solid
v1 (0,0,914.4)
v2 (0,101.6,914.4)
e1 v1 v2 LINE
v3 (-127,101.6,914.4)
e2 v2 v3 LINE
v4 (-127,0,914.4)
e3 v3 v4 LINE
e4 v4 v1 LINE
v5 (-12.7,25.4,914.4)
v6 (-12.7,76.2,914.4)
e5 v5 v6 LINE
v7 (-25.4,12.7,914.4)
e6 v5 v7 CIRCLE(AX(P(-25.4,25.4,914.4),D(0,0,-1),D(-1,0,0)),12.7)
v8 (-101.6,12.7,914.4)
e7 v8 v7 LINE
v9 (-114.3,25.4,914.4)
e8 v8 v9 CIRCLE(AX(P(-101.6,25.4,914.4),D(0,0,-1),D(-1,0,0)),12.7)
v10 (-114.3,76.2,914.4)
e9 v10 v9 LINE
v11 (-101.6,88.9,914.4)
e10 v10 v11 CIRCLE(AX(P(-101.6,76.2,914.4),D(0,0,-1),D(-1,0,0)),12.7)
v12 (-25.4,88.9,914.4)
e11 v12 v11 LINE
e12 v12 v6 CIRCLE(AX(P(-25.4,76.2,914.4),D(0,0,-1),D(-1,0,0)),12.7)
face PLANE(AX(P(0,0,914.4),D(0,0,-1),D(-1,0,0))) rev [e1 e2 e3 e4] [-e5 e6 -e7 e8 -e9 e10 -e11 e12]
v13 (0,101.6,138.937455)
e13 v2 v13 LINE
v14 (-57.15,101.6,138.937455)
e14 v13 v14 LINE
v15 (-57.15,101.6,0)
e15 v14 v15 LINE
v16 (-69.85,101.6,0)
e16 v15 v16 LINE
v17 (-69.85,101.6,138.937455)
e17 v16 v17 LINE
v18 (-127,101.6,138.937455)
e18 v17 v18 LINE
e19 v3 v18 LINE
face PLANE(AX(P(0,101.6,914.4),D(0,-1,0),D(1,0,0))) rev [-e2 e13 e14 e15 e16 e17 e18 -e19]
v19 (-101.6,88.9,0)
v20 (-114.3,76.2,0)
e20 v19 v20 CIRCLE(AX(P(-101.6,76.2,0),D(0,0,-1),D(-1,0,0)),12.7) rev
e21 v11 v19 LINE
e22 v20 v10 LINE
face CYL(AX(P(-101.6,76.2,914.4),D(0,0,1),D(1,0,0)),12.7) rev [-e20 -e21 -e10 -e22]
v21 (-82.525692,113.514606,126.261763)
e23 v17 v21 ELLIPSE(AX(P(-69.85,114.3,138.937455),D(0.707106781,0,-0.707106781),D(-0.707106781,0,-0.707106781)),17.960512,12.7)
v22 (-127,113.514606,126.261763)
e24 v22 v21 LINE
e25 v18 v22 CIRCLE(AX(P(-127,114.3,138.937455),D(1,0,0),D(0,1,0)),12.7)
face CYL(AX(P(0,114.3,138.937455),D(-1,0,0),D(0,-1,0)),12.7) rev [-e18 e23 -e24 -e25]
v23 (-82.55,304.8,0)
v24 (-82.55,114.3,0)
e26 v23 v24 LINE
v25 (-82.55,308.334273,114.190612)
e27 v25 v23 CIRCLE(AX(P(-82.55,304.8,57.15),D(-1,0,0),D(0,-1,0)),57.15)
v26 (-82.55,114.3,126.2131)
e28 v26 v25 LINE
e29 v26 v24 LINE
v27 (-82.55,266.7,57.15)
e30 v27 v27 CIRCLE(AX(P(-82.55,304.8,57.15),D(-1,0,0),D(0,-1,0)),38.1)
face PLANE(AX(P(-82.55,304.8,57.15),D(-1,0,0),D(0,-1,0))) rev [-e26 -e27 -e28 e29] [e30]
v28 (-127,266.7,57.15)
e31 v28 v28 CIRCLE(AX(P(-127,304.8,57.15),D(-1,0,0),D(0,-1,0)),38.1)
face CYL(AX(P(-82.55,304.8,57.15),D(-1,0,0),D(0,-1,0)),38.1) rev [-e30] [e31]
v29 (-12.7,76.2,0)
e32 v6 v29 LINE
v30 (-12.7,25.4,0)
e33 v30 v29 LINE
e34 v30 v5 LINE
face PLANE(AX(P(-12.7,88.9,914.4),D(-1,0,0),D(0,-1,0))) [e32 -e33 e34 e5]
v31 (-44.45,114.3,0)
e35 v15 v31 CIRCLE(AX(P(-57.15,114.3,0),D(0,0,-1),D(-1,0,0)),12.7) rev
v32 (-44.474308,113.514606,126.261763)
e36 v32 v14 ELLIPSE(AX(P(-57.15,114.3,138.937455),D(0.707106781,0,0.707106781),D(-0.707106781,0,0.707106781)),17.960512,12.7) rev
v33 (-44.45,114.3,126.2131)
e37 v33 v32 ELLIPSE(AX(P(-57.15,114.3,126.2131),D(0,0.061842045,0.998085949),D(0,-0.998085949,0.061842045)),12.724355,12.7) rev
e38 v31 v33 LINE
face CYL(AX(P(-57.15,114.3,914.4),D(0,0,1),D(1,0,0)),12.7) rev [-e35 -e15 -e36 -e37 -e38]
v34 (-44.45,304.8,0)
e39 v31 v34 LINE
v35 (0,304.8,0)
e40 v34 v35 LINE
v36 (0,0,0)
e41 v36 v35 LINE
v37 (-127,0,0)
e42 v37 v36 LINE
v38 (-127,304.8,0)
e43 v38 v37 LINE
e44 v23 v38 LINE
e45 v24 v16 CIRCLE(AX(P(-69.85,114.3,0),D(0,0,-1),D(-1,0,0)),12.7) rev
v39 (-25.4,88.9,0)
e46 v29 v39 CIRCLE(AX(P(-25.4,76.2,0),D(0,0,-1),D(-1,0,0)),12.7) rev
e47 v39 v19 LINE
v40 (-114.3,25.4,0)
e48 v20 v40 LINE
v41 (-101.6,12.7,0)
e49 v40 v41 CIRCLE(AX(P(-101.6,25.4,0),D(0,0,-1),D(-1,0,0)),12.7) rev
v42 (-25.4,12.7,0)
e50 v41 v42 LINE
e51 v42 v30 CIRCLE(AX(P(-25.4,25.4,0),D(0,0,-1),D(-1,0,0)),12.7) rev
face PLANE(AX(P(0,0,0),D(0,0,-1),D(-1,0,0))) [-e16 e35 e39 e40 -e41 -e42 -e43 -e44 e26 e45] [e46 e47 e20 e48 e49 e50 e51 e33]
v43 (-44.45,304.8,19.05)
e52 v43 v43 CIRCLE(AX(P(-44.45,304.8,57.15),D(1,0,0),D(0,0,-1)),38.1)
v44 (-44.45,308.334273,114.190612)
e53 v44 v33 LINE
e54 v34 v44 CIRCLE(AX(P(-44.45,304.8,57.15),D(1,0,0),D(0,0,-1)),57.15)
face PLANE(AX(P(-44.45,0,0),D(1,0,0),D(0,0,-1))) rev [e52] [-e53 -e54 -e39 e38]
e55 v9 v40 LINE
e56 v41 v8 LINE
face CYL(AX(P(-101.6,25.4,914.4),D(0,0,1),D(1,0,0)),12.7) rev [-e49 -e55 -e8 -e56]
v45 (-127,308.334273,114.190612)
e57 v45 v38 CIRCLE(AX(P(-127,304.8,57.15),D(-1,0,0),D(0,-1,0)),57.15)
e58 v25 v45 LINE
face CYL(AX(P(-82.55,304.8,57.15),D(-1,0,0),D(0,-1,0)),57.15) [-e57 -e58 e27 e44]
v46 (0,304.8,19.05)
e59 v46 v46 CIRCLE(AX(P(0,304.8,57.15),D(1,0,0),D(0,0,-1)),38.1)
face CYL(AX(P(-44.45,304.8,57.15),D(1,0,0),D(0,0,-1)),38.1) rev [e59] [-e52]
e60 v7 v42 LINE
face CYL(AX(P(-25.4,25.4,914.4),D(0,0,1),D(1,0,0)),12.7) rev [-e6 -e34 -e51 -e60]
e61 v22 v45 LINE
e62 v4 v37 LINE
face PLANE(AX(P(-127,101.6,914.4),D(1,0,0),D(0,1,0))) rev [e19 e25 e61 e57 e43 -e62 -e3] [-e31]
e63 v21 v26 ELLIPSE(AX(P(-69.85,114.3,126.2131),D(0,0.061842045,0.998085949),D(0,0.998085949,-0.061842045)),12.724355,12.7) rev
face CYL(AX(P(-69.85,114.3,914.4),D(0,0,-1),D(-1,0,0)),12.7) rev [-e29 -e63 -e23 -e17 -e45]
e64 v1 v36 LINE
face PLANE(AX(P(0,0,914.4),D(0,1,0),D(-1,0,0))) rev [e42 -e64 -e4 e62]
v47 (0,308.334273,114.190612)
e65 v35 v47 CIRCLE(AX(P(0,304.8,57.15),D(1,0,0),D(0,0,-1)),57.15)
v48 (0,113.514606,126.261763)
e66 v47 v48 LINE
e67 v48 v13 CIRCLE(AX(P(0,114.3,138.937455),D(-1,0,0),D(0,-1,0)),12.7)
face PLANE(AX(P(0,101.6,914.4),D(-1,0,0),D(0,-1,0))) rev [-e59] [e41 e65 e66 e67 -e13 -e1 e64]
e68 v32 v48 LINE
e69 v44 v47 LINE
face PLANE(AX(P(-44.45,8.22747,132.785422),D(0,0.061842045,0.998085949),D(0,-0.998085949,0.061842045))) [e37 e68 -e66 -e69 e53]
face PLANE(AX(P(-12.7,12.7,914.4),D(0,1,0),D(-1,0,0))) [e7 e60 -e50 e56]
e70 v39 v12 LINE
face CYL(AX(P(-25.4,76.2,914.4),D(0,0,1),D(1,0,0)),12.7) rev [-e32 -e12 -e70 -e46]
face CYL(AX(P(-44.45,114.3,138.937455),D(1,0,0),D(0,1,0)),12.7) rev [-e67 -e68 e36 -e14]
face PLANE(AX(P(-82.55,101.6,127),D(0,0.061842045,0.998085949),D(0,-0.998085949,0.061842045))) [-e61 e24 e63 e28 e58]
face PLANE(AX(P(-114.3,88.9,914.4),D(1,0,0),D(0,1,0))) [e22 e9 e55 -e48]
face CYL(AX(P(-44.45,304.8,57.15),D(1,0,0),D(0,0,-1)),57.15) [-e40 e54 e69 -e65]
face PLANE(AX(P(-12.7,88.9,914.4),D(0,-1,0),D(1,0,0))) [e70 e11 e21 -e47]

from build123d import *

# Parameters (mm, degrees)
SKETCH2_W           = 127
SKETCH2_H           = 101.6
SKETCH2_W_2         = 101.6
SKETCH2_H_2         = 76.2
BOSS_EXTRUDE2_DEPTH = 914.4
SKETCH1_R           = 38.1
BOSS_EXTRUDE3_DEPTH = 44.45
BOSS_EXTRUDE5_START = -44.45
SKETCH3_R           = 38.1
BOSS_EXTRUDE5_DEPTH = 44.45
FILLET1_R           = 12.7
FILLET2_R           = 12.7


with BuildPart() as part:
    # Sketch2 → Boss-Extrude2 (new body)
    with BuildSketch(Plane.XY):
        with Locations((-63.5, 50.8)):
            Rectangle(SKETCH2_W, SKETCH2_H)
        with Locations((-63.5, 50.8)):
            Rectangle(SKETCH2_W_2, SKETCH2_H_2, mode=Mode.SUBTRACT)
    extrude(amount=BOSS_EXTRUDE2_DEPTH)

    # Sketch1 → Boss-Extrude3 (add)
    with BuildSketch(Plane(origin=(0, 0, 0), x_dir=(0, 0, -1), z_dir=(1, 0, 0))):
        with BuildLine():
            Line((-127, 101.6), (0, 101.6))
            Line((0, 101.6), (0, 304.8))
            ThreePointArc((0, 304.8), (-55.382017361, 361.922646449), (-114.190611982, 308.334272869))
            Line((-114.190611982, 308.334272869), (-127, 101.6))
        make_face()
        with Locations((-57.15, 304.8)):
            Circle(SKETCH1_R, mode=Mode.SUBTRACT)
    extrude(amount=-BOSS_EXTRUDE3_DEPTH)

    # Sketch3 → Boss-Extrude5 (add)
    with BuildSketch(Plane.ZY.offset(127).offset(BOSS_EXTRUDE5_START)):
        with BuildLine():
            Line((0, 304.8), (0, 101.6))
            Line((0, 101.6), (127, 101.6))
            Line((127, 101.6), (114.190611982, 308.334272869))
            ThreePointArc((114.190611982, 308.334272869), (55.382017361, 361.922646449), (0, 304.8))
        make_face()
        with Locations(Location((57.15, 304.8, 0), (0, 0, 180))):
            Circle(SKETCH3_R, mode=Mode.SUBTRACT)
    extrude(amount=BOSS_EXTRUDE5_DEPTH)

    # Fillet1
    fillet1_edges = [part.edges().sort_by_distance(p)[0] for p in [
        (-12.7, 88.9, 457.2),
        (-114.3, 88.9, 457.2),
        (-114.3, 12.7, 457.2),
        (-12.7, 12.7, 457.2),
    ]]
    fillet(fillet1_edges, radius=FILLET1_R)

    # Fillet2
    fillet2_edges = [part.edges().sort_by_distance(p)[0] for p in [
        (-44.45, 101.6, 63.5),
        (-22.225, 101.6, 127),
        (-82.55, 101.6, 63.5),
        (-104.775, 101.6, 127),
    ]]
    fillet(fillet2_edges, radius=FILLET2_R)


solid = part.part
